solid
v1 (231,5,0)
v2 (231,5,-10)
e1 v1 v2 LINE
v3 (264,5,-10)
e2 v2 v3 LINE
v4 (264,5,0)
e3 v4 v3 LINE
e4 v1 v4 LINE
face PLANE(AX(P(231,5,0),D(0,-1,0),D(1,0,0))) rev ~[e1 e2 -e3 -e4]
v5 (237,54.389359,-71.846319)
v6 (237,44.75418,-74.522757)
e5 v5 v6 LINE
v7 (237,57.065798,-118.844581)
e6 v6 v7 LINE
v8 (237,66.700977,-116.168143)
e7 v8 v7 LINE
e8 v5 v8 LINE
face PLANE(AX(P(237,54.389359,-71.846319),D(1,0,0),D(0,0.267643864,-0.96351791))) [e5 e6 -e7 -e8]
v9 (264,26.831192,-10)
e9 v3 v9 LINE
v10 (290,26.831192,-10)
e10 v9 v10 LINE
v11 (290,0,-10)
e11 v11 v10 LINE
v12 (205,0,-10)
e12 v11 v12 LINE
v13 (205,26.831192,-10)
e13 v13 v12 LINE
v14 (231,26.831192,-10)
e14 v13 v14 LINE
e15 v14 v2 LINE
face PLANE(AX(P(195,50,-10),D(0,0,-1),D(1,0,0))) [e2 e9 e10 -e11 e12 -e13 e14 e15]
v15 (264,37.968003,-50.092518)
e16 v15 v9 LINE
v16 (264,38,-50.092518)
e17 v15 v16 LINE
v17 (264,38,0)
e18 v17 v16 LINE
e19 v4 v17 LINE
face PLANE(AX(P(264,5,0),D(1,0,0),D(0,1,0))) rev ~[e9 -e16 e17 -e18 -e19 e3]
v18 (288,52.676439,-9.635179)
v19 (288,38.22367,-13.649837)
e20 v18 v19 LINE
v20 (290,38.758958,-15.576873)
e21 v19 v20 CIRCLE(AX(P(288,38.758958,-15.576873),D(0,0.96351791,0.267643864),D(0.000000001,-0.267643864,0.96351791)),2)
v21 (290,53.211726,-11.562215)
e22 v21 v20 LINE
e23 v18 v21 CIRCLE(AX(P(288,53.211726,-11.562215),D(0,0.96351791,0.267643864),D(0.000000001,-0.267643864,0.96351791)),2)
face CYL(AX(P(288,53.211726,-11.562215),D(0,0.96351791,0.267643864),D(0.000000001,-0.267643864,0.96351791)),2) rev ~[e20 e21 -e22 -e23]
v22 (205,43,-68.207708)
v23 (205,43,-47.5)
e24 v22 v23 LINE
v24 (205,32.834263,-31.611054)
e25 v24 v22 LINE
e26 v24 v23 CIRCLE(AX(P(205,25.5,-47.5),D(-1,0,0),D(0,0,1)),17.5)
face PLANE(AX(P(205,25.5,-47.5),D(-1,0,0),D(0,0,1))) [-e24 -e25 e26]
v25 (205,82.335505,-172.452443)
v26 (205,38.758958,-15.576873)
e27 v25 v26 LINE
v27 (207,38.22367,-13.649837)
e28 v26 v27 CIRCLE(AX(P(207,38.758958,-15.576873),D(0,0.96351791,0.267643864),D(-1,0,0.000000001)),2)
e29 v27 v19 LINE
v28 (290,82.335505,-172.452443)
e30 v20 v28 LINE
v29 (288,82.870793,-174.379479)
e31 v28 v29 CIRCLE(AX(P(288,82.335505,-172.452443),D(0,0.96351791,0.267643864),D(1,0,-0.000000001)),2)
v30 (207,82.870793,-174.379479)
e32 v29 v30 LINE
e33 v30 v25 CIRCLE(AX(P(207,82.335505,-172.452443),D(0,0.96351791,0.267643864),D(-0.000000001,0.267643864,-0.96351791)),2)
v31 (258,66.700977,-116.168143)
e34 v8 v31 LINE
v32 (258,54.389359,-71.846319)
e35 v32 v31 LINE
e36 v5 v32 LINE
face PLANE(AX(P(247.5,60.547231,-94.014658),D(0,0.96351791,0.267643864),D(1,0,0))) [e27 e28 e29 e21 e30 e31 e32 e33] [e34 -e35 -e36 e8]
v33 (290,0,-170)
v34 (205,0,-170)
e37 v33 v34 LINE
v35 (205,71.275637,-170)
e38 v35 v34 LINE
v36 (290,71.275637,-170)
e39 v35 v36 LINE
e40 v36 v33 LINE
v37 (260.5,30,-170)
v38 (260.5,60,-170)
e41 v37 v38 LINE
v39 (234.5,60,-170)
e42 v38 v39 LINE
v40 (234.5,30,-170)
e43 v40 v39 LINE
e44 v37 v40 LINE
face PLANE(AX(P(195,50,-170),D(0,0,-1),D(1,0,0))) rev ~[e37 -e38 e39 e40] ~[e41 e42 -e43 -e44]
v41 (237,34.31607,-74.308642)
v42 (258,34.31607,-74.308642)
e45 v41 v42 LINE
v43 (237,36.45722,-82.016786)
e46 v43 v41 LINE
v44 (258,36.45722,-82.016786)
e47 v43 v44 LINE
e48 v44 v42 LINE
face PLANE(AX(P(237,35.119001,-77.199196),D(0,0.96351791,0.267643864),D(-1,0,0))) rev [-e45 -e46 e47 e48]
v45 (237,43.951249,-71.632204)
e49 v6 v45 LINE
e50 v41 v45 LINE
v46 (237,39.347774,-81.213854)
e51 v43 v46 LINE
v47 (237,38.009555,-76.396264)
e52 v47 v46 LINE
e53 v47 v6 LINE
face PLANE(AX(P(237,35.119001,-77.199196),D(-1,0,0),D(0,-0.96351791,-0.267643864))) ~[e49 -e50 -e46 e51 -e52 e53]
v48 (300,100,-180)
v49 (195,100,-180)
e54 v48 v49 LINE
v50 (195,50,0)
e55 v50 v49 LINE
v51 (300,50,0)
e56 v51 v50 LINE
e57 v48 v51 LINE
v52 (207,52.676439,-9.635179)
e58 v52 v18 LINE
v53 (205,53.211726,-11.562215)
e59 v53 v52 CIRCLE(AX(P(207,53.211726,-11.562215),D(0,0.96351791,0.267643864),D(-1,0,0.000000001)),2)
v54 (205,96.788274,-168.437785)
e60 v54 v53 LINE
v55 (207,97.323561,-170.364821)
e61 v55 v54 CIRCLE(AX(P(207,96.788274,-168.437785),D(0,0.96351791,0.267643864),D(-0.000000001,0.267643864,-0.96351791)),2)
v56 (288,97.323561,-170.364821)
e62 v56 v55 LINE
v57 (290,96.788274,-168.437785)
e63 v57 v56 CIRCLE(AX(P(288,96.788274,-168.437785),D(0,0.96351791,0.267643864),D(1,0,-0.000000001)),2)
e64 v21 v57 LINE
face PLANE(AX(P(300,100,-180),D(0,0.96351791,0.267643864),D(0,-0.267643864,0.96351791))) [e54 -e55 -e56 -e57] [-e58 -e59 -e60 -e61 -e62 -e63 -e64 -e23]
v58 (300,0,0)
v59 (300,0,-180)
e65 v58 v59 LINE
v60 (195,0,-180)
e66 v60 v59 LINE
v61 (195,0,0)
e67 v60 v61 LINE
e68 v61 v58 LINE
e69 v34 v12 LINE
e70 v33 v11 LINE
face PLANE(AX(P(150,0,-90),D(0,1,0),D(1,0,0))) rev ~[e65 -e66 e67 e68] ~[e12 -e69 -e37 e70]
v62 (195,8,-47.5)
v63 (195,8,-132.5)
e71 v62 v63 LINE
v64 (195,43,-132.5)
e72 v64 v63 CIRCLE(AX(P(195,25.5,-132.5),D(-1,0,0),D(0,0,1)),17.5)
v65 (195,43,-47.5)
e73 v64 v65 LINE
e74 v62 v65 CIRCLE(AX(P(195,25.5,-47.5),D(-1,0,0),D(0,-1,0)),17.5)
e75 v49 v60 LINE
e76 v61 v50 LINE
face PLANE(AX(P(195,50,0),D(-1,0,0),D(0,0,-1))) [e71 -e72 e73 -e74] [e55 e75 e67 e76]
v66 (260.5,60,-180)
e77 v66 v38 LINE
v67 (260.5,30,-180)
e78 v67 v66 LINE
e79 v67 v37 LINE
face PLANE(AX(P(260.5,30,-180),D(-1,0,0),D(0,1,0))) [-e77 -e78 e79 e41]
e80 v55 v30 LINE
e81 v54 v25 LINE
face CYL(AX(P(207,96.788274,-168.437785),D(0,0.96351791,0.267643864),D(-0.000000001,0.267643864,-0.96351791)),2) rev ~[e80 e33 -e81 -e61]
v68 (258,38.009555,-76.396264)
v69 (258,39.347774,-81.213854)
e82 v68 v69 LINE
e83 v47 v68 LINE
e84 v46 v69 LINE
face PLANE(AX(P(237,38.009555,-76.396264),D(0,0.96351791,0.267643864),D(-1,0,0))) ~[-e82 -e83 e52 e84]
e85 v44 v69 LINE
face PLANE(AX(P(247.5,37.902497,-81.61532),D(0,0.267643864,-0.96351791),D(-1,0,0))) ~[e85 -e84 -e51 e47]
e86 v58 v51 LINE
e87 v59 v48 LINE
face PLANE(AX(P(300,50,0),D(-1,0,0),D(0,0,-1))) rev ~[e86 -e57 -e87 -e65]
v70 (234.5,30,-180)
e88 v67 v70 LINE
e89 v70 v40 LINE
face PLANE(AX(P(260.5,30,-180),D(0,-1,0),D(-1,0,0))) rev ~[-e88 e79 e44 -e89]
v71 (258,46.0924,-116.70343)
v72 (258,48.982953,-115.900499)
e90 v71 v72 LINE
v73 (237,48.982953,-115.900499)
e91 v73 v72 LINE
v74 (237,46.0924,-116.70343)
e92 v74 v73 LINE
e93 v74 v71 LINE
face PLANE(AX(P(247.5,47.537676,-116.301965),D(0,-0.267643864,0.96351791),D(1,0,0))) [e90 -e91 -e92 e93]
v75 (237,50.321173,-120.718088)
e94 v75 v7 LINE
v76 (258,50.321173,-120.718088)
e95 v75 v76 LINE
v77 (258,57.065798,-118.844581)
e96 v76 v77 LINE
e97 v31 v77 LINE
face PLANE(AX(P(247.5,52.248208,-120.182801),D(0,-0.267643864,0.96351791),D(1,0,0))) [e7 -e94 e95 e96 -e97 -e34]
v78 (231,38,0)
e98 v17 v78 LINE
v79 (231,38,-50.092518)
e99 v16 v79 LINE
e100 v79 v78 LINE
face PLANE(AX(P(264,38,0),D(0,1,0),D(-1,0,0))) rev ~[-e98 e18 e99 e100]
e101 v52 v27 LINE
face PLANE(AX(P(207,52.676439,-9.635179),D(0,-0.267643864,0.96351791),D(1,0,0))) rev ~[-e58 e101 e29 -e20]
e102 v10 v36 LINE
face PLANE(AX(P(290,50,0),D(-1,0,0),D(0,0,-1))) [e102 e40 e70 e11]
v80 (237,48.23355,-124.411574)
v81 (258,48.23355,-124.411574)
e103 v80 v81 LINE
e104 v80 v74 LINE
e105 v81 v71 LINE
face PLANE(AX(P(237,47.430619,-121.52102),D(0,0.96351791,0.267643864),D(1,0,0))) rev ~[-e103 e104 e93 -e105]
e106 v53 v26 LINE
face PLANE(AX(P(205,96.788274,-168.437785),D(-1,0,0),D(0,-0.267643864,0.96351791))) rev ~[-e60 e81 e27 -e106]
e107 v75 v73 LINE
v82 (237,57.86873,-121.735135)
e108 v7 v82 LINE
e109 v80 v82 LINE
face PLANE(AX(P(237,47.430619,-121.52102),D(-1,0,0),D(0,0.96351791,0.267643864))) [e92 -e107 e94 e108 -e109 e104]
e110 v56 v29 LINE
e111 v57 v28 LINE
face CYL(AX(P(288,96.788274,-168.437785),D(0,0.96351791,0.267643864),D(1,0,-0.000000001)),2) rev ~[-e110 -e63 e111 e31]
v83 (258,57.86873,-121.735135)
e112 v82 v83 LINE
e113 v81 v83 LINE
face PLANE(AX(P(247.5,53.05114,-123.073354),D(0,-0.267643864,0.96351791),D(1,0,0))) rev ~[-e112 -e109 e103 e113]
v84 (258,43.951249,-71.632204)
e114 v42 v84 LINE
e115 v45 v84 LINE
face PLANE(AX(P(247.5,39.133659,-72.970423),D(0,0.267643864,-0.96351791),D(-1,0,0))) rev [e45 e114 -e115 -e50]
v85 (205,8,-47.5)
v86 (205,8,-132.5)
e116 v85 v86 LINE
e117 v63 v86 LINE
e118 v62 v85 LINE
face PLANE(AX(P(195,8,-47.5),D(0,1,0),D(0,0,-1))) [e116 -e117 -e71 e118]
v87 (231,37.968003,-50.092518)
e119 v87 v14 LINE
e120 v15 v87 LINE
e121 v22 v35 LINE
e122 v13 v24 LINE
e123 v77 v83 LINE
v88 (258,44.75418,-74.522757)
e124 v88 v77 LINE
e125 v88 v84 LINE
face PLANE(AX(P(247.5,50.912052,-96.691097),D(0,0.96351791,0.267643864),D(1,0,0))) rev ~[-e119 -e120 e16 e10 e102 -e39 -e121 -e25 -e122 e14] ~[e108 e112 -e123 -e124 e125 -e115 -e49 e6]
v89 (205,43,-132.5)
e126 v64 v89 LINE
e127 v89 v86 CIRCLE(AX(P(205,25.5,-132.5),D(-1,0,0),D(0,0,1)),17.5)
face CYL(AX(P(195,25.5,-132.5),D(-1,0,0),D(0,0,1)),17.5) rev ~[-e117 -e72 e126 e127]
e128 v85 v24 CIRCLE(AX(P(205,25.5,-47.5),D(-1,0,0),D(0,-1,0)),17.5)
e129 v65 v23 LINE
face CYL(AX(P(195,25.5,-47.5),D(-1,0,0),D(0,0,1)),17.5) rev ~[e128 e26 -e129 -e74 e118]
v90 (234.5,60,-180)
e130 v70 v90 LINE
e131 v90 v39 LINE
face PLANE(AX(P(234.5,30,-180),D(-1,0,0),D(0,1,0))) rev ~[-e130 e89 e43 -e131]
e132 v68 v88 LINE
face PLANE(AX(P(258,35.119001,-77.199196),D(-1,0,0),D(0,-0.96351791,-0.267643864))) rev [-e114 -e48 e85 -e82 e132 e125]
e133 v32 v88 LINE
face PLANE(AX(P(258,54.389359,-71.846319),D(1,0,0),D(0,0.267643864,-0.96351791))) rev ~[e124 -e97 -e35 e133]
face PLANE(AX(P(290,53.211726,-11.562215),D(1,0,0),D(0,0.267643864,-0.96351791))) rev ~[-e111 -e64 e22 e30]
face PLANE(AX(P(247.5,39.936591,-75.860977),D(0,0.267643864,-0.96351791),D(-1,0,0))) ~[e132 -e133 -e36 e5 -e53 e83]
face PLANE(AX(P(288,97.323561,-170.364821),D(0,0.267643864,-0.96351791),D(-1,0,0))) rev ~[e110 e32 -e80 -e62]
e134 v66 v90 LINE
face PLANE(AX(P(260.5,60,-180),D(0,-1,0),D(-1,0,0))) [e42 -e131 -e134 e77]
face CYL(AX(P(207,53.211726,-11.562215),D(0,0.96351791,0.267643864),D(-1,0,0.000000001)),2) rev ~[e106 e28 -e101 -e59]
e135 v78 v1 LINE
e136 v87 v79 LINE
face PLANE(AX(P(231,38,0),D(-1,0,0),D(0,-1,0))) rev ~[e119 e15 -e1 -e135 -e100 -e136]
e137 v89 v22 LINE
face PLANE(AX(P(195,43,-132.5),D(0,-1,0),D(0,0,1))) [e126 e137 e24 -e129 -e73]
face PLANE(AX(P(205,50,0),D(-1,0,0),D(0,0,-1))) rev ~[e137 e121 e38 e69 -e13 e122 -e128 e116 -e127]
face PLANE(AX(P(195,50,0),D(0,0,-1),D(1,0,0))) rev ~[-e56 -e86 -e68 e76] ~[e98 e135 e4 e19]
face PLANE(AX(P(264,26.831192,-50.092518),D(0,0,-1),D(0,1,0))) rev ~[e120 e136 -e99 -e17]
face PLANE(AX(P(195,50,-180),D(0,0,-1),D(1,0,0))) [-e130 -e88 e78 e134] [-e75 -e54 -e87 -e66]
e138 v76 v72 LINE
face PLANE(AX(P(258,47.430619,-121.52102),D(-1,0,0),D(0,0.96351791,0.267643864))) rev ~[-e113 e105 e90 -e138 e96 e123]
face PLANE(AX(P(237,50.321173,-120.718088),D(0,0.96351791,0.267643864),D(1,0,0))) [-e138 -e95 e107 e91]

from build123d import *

# Parameters (mm, degrees)
SKETCH2_W            = 300
SKETCH2_H            = 180
BOSS_EXTRUDE1_DEPTH  = 50
CUT_EXTRUDE1_DEPTH   = 15
BOSS_EXTRUDE4_DEPTH  = 50
SKETCH10_W           = 105
SKETCH10_H           = 180
BOSS_EXTRUDE7_DEPTH  = 50
CUT_EXTRUDE3_DEPTH   = 105
CUT_EXTRUDE4_DEPTH   = 15
SKETCH14_W           = 70
SKETCH14_H           = 65
SKETCH14_W_2         = 95
BOSS_EXTRUDE8_DEPTH  = 35
CUT_EXTRUDE5_DEPTH   = 195
SHELL1_T             = -10
SKETCH16_W           = 21
SKETCH16_H           = 46
CUT_EXTRUDE7_DEPTH   = 10
SKETCH17_R           = 17.5
CUT_EXTRUDE15_DEPTH  = 10
CUT_EXTRUDE16_DEPTH  = 10
SKETCH22_W           = 40.092518347
SKETCH22_H           = 11.168807906
CUT_EXTRUDE17_DEPTH  = 33
SKETCH23_W           = 21
SKETCH23_H           = 10
BOSS_EXTRUDE9_DEPTH  = 3
SKETCH24_W           = 21
SKETCH24_H           = 3
BOSS_EXTRUDE10_DEPTH = 5
CUT_EXTRUDE18_DEPTH  = 10
SKETCH27_W           = 26
SKETCH27_H           = 30
CUT_EXTRUDE19_DEPTH  = 10


with BuildPart() as part:
    # Sketch2 → Boss-Extrude1 (new body)
    with BuildSketch(Plane(origin=(0, 0, 0), x_dir=(1, 0, 0), z_dir=(0, 1, 0))):
        with Locations((150, 90)):
            Rectangle(SKETCH2_W, SKETCH2_H)
    extrude(amount=BOSS_EXTRUDE1_DEPTH)

    # Sketch3 → Cut-Extrude1 (cut)
    with BuildSketch(Plane(origin=(0, 50, 0), x_dir=(1, 0, 0), z_dir=(0, 1, 0))):
        with BuildLine():
            Line((90, 12), (90, 73))
            ThreePointArc((90, 73), (90.585786438, 74.414213562), (92, 75))
            Line((92, 75), (183, 75))
            ThreePointArc((183, 75), (184.414213562, 74.414213562), (185, 73))
            Line((185, 73), (185, 12))
            ThreePointArc((185, 12), (184.414213562, 10.585786438), (183, 10))
            Line((183, 10), (92, 10))
            ThreePointArc((92, 10), (90.585786438, 10.585786438), (90, 12))
        make_face()
        with BuildLine():
            Line((12, 10), (78, 10))
            ThreePointArc((78, 10), (79.414213562, 10.585786438), (80, 12))
            Line((80, 12), (80, 73))
            ThreePointArc((80, 73), (79.414213562, 74.414213562), (78, 75))
            Line((78, 75), (12, 75))
            ThreePointArc((12, 75), (10.585786438, 74.414213562), (10, 73))
            Line((10, 73), (10, 12))
            ThreePointArc((10, 12), (10.585786438, 10.585786438), (12, 10))
        make_face()
    extrude(amount=-CUT_EXTRUDE1_DEPTH, mode=Mode.SUBTRACT)

    # Sketch6 → Boss-Extrude4 (add)
    with BuildSketch(Plane(origin=(0, 50, 0), x_dir=(1, 0, 0), z_dir=(0, 1, 0))):
        Polygon((0, 180), (185, 180), (195, 180), (195, 95), (185, 95), (0, 95), align=None)
        with BuildLine():
            Line((185, 168), (185, 107))
            ThreePointArc((185, 107), (184.414213562, 105.585786438), (183, 105))
            Line((183, 105), (92, 105))
            ThreePointArc((92, 105), (90.585786438, 105.585786438), (90, 107))
            Line((90, 107), (90, 168))
            ThreePointArc((90, 168), (90.585786438, 169.414213562), (92, 170))
            Line((92, 170), (183, 170))
            ThreePointArc((183, 170), (184.414213562, 169.414213562), (185, 168))
        make_face(mode=Mode.SUBTRACT)
        with BuildLine():
            Line((80, 107), (80, 168))
            ThreePointArc((80, 168), (79.414213562, 169.414213562), (78, 170))
            Line((78, 170), (12, 170))
            ThreePointArc((12, 170), (10.585786438, 169.414213562), (10, 168))
            Line((10, 168), (10, 107))
            ThreePointArc((10, 107), (10.585786438, 105.585786438), (12, 105))
            Line((12, 105), (78, 105))
            ThreePointArc((78, 105), (79.414213562, 105.585786438), (80, 107))
        make_face(mode=Mode.SUBTRACT)
    extrude(amount=BOSS_EXTRUDE4_DEPTH)

    # Sketch10 → Boss-Extrude7 (add)
    with BuildSketch(Plane(origin=(0, 50, 0), x_dir=(1, 0, 0), z_dir=(0, 1, 0))):
        with Locations((247.5, 90)):
            Rectangle(SKETCH10_W, SKETCH10_H)
    extrude(amount=BOSS_EXTRUDE7_DEPTH)

    # Sketch11 → Cut-Extrude3 (cut)
    with BuildSketch(Plane(origin=(300, 0, 0), x_dir=(0, 0, -1), z_dir=(1, 0, 0))):
        Polygon((0, 100), (180, 100), (0, 50), align=None)
    extrude(amount=-CUT_EXTRUDE3_DEPTH, mode=Mode.SUBTRACT)

    # Sketch13 → Cut-Extrude4 (cut)
    with BuildSketch(Plane(origin=(0, 46.418338109, 12.893982808), x_dir=(1, 0, 0), z_dir=(0, 0.9635179096299407, 0.2676438637860946))):
        with BuildLine():
            Line((288, 190.197610112), (207, 190.197610112))
            ThreePointArc((207, 190.197610112), (205.585786438, 189.611823674), (205, 188.197610112))
            Line((205, 188.197610112), (205, 25.382193189))
            ThreePointArc((205, 25.382193189), (205.585786438, 23.967979627), (207, 23.382193189))
            Line((207, 23.382193189), (288, 23.382193189))
            ThreePointArc((288, 23.382193189), (289.414213562, 23.967979627), (290, 25.382193189))
            Line((290, 25.382193189), (290, 188.197610112))
            ThreePointArc((290, 188.197610112), (289.414213562, 189.611823674), (288, 190.197610112))
        make_face()
    extrude(amount=-CUT_EXTRUDE4_DEPTH, mode=Mode.SUBTRACT)

    # Sketch14 → Boss-Extrude8 (add)
    with BuildSketch(Plane(origin=(0, 50, 0), x_dir=(1, 0, 0), z_dir=(0, 1, 0))):
        with Locations((45, 137.5)):
            Rectangle(SKETCH14_W, SKETCH14_H)
        with Locations((137.5, 137.5)):
            Rectangle(SKETCH14_W_2, SKETCH14_H)
    extrude(amount=BOSS_EXTRUDE8_DEPTH)

    # Sketch15 → Cut-Extrude5 (cut)
    with BuildSketch(Plane.ZY):
        Polygon((-180, 0), (0, 0), (0, 50), (-95, 50), (-95, 100), (-180, 100), align=None)
    extrude(amount=-CUT_EXTRUDE5_DEPTH, mode=Mode.SUBTRACT)

    # Shell1
    shell1_openings = [part.faces().sort_by_distance(p)[0] for p in [
        (247.5, 0, -90),
    ]]
    offset(amount=SHELL1_T, openings=shell1_openings, kind=Kind.INTERSECTION)

    # Sketch16 → Cut-Extrude7 (cut)
    with BuildSketch(Plane(origin=(0, 31.965569464, 8.879324851), x_dir=(1, 0, 0), z_dir=(0, 0.9635179096299407, 0.2676438637860946))):
        with Locations((247.5, 106.782193189)):
            Rectangle(SKETCH16_W, SKETCH16_H)
    extrude(amount=-CUT_EXTRUDE7_DEPTH, mode=Mode.SUBTRACT)

    # Sketch17 → Cut-Extrude15 (cut)
    with BuildSketch(Plane.ZY.offset(-195)):
        with Locations((-132.5, 25.5)):
            Circle(SKETCH17_R)
        with Locations((-47.5, 25.5)):
            Circle(SKETCH17_R)
    extrude(amount=-CUT_EXTRUDE15_DEPTH, mode=Mode.SUBTRACT)

    # Sketch20 → Cut-Extrude16 (cut)
    with BuildSketch(Plane.XY):
        Polygon((264, 38), (245, 38), (237, 38), (231, 38), (231, 34), (231, 25), (231, 5), (264, 5), align=None)
    extrude(amount=-CUT_EXTRUDE16_DEPTH, mode=Mode.SUBTRACT)

    # Sketch22 → Cut-Extrude17 (cut)
    with BuildSketch(Plane.ZY.offset(-264)):
        with Locations((-30.046259174, 32.415596047)):
            Rectangle(SKETCH22_W, SKETCH22_H)
    extrude(amount=CUT_EXTRUDE17_DEPTH, mode=Mode.SUBTRACT)

    # Sketch23 → Boss-Extrude9 (add)
    with BuildSketch(Plane(origin=(0, 34.735407636, -125.047467489), x_dir=(1, 0, 0), z_dir=(0, -0.2676438637860946, 0.9635179096299407))):
        with Locations((247.5, 18.175895481)):
            Rectangle(SKETCH23_W, SKETCH23_H)
    boss_extrude9 = extrude(amount=-BOSS_EXTRUDE9_DEPTH)

    # Sketch24 → Boss-Extrude10 (add)
    with BuildSketch(Plane(origin=(0, 34.735407636, -125.047467489), x_dir=(1, 0, 0), z_dir=(0, -0.2676438637860946, 0.9635179096299407))):
        with Locations((247.5, 14.675895481)):
            Rectangle(SKETCH24_W, SKETCH24_H)
    boss_extrude10 = extrude(amount=BOSS_EXTRUDE10_DEPTH)

    # Mirror1: Boss-Extrude9, Boss-Extrude10 across plane
    add(boss_extrude9.mirror(Plane(origin=(0, 28.579598769, -102.886555567), x_dir=(1, 0, 0), z_dir=(0, -0.2676438637860946, 0.9635179096299407))))
    add(boss_extrude10.mirror(Plane(origin=(0, 28.579598769, -102.886555567), x_dir=(1, 0, 0), z_dir=(0, -0.2676438637860946, 0.9635179096299407))))

    # Sketch26 → Cut-Extrude18 (cut)
    with BuildSketch(Plane.ZY.offset(-195)):
        with BuildLine():
            Line((-132.5, 43), (-47.5, 43))
            ThreePointArc((-47.5, 43), (-65, 25.5), (-47.5, 8))
            Line((-47.5, 8), (-132.5, 8))
            ThreePointArc((-132.5, 8), (-115, 25.5), (-132.5, 43))
        make_face()
    extrude(amount=-CUT_EXTRUDE18_DEPTH, mode=Mode.SUBTRACT)

    # Sketch27 → Cut-Extrude19 (cut)
    with BuildSketch(Plane(origin=(0, 0, -180), x_dir=(-1, 0, 0), z_dir=(0, 0, -1))):
        with Locations((-247.5, 45)):
            Rectangle(SKETCH27_W, SKETCH27_H)
    extrude(amount=-CUT_EXTRUDE19_DEPTH, mode=Mode.SUBTRACT)


solid = part.part
